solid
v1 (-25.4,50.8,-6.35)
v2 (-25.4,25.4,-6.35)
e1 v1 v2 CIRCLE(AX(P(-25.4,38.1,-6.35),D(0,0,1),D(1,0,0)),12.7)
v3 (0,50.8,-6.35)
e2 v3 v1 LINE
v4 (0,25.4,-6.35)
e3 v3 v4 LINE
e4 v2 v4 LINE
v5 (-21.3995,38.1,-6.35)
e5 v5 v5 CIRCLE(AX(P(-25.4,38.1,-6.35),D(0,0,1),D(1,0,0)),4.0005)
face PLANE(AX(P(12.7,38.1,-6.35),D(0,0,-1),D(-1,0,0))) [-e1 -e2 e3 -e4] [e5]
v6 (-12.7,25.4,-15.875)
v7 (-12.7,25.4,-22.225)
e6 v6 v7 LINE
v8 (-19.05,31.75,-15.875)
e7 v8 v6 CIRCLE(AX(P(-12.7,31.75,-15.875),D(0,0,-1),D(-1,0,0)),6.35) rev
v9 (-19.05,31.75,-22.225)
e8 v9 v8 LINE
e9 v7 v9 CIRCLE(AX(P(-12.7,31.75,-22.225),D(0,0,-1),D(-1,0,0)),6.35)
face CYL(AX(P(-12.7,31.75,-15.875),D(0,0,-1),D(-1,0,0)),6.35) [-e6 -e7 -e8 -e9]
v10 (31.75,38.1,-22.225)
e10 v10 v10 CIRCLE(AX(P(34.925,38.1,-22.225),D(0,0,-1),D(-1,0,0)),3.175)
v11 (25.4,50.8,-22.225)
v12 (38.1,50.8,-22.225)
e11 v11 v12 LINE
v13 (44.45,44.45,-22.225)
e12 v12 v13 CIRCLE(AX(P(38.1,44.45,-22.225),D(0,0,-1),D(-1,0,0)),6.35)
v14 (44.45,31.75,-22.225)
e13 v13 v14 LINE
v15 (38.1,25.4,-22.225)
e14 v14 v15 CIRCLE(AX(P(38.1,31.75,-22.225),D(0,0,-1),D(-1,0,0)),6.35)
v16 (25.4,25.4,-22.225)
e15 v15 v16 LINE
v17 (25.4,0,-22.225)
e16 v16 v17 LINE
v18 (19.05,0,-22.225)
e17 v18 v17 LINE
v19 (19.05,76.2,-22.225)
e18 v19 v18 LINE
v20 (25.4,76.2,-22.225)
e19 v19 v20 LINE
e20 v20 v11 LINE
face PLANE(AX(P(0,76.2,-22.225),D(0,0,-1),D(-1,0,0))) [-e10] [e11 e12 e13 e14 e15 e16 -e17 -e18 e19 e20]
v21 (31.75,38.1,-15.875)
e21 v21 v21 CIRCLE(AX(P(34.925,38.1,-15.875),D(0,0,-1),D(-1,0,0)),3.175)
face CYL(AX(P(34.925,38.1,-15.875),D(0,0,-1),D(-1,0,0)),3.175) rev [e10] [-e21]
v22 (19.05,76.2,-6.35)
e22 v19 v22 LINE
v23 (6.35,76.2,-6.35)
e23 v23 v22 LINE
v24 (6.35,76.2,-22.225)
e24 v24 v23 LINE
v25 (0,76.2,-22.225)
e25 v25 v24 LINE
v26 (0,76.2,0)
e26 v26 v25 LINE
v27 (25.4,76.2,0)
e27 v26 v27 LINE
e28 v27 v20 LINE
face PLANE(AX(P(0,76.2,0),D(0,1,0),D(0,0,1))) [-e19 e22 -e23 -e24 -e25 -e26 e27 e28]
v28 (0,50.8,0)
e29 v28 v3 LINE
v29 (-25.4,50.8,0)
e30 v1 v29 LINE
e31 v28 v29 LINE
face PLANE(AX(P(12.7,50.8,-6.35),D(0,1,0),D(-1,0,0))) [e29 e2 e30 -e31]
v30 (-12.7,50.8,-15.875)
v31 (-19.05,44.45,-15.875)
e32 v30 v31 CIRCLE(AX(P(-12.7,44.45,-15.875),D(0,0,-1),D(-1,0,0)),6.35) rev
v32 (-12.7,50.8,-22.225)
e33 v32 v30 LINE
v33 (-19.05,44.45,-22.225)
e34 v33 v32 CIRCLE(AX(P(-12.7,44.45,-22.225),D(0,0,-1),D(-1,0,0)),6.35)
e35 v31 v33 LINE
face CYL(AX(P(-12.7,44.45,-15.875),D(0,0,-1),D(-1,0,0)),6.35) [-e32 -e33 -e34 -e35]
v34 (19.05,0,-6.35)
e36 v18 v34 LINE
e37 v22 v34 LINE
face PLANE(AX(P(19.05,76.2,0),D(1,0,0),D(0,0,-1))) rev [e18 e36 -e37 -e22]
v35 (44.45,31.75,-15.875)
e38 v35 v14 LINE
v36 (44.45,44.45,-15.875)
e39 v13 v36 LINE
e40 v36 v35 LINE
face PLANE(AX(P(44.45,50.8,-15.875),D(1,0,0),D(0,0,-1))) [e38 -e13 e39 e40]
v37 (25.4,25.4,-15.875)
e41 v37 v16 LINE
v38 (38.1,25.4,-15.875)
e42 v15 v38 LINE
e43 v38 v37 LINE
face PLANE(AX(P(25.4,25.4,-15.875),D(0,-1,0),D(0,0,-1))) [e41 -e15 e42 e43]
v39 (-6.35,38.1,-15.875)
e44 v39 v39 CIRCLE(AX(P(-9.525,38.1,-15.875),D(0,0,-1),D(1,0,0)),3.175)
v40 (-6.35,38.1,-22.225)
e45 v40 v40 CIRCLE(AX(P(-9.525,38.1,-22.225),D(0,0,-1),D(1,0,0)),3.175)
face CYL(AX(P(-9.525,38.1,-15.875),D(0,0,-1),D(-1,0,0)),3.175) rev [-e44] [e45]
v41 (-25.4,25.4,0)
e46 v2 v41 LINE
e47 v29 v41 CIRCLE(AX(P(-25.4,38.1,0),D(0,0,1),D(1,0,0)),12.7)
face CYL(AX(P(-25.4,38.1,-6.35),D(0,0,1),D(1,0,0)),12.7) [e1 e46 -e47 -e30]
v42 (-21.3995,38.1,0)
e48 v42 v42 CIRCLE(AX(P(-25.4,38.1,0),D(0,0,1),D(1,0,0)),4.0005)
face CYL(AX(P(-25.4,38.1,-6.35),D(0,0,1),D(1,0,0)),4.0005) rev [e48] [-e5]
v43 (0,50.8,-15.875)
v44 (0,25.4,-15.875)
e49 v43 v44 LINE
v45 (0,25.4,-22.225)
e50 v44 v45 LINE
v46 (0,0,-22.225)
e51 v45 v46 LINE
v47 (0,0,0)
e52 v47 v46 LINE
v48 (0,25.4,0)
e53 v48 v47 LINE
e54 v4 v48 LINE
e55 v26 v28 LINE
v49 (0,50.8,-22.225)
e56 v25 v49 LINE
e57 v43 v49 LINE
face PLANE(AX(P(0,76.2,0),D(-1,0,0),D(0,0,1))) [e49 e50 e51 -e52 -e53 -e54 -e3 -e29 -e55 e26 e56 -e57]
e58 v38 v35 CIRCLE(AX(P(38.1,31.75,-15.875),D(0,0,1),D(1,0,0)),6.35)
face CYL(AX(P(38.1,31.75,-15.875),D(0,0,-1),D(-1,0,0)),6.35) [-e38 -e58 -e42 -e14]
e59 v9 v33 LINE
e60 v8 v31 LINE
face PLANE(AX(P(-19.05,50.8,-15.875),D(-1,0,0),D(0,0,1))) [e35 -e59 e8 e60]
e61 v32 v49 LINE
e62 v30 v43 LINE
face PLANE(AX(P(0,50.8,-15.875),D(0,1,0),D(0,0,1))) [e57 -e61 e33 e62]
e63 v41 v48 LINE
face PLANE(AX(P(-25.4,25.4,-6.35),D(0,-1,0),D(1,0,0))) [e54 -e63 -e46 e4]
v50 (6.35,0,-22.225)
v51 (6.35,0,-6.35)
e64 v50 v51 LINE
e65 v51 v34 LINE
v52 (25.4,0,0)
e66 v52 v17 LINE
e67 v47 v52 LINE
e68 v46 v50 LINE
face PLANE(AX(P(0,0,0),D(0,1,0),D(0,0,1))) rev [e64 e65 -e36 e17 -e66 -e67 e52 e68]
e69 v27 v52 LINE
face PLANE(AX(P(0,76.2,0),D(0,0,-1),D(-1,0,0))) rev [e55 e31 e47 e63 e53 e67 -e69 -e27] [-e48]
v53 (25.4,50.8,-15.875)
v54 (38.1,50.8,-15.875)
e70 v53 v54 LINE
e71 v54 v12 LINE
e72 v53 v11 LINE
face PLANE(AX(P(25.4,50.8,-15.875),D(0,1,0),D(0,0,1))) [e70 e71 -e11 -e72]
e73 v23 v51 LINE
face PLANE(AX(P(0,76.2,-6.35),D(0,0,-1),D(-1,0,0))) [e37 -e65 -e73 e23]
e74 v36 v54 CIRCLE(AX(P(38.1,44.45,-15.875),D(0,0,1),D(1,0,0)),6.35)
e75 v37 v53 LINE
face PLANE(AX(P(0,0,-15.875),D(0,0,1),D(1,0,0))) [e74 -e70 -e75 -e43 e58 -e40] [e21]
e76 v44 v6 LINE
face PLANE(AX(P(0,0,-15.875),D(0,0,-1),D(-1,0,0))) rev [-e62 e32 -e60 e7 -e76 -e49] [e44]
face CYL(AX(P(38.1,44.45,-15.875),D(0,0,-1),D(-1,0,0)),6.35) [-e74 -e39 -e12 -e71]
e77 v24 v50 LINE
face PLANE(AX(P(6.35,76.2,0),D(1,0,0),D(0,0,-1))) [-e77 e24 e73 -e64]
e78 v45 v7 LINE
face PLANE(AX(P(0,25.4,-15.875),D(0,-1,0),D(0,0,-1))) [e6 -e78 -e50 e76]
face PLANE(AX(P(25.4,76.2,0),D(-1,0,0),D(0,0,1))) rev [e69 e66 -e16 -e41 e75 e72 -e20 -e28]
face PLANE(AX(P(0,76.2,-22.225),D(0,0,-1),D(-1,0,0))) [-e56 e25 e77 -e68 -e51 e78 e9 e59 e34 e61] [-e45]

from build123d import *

# Parameters (mm, degrees)
BOSS_EXTRUDE1_DEPTH = 76.2
SKETCH3_R           = 4.0005
BOSS_EXTRUDE2_DEPTH = 6.35
SKETCH4_W           = 19.05
SKETCH4_H           = 25.4
SKETCH4_R           = 3.175
BOSS_EXTRUDE3_DEPTH = 6.35
FILLET1_R           = 6.35


with BuildPart() as part:
    # Sketch2 → Boss-Extrude1 (new body)
    with BuildSketch(Plane(origin=(0, 0, 0), x_dir=(1, 0, 0), z_dir=(0, 1, 0))):
        Polygon((0, 22.225), (0, 0), (25.4, 0), (25.4, 22.225), (19.05, 22.225), (19.05, 6.35), (6.35, 6.35), (6.35, 22.225), align=None)
    extrude(amount=BOSS_EXTRUDE1_DEPTH)

    # Sketch3 → Boss-Extrude2 (add)
    with BuildSketch(Plane.XY):
        with BuildLine():
            Line((12.7, 50.8), (-25.4, 50.8))
            ThreePointArc((-25.4, 50.8), (-38.1, 38.1), (-25.4, 25.4))
            Line((-25.4, 25.4), (12.7, 25.4))
            ThreePointArc((12.7, 25.4), (25.4, 38.1), (12.7, 50.8))
        make_face()
        with Locations((-25.4, 38.1)):
            Circle(SKETCH3_R, mode=Mode.SUBTRACT)
    extrude(amount=-BOSS_EXTRUDE2_DEPTH)

    # Sketch4 → Boss-Extrude3 (add)
    # profile 1 of 2: a face of its own
    with BuildSketch(Plane(origin=(0, 0, -22.225), x_dir=(-1, 0, 0), z_dir=(0, 0, -1))):
        with Locations((-34.925, 38.1)):
            Rectangle(SKETCH4_W, SKETCH4_H)
        with Locations((-34.925, 38.1)):
            Circle(SKETCH4_R, mode=Mode.SUBTRACT)
    # profile 2 of 2: a face of its own
    with BuildSketch(Plane(origin=(0, 0, -22.225), x_dir=(-1, 0, 0), z_dir=(0, 0, -1))):
        with Locations((9.525, 38.1)):
            Rectangle(SKETCH4_W, SKETCH4_H)
        with Locations(Location((9.525, 38.1, 0), (0, 0, 180))):
            Circle(SKETCH4_R, mode=Mode.SUBTRACT)
    extrude(amount=-BOSS_EXTRUDE3_DEPTH)

    # Fillet1
    fillet1_edges = [part.edges().sort_by_distance(p)[0] for p in [
        (44.45, 25.4, -19.05),
        (44.45, 50.8, -19.05),
        (-19.05, 50.8, -19.05),
        (-19.05, 25.4, -19.05),
    ]]
    fillet(fillet1_edges, radius=FILLET1_R)


solid = part.part
